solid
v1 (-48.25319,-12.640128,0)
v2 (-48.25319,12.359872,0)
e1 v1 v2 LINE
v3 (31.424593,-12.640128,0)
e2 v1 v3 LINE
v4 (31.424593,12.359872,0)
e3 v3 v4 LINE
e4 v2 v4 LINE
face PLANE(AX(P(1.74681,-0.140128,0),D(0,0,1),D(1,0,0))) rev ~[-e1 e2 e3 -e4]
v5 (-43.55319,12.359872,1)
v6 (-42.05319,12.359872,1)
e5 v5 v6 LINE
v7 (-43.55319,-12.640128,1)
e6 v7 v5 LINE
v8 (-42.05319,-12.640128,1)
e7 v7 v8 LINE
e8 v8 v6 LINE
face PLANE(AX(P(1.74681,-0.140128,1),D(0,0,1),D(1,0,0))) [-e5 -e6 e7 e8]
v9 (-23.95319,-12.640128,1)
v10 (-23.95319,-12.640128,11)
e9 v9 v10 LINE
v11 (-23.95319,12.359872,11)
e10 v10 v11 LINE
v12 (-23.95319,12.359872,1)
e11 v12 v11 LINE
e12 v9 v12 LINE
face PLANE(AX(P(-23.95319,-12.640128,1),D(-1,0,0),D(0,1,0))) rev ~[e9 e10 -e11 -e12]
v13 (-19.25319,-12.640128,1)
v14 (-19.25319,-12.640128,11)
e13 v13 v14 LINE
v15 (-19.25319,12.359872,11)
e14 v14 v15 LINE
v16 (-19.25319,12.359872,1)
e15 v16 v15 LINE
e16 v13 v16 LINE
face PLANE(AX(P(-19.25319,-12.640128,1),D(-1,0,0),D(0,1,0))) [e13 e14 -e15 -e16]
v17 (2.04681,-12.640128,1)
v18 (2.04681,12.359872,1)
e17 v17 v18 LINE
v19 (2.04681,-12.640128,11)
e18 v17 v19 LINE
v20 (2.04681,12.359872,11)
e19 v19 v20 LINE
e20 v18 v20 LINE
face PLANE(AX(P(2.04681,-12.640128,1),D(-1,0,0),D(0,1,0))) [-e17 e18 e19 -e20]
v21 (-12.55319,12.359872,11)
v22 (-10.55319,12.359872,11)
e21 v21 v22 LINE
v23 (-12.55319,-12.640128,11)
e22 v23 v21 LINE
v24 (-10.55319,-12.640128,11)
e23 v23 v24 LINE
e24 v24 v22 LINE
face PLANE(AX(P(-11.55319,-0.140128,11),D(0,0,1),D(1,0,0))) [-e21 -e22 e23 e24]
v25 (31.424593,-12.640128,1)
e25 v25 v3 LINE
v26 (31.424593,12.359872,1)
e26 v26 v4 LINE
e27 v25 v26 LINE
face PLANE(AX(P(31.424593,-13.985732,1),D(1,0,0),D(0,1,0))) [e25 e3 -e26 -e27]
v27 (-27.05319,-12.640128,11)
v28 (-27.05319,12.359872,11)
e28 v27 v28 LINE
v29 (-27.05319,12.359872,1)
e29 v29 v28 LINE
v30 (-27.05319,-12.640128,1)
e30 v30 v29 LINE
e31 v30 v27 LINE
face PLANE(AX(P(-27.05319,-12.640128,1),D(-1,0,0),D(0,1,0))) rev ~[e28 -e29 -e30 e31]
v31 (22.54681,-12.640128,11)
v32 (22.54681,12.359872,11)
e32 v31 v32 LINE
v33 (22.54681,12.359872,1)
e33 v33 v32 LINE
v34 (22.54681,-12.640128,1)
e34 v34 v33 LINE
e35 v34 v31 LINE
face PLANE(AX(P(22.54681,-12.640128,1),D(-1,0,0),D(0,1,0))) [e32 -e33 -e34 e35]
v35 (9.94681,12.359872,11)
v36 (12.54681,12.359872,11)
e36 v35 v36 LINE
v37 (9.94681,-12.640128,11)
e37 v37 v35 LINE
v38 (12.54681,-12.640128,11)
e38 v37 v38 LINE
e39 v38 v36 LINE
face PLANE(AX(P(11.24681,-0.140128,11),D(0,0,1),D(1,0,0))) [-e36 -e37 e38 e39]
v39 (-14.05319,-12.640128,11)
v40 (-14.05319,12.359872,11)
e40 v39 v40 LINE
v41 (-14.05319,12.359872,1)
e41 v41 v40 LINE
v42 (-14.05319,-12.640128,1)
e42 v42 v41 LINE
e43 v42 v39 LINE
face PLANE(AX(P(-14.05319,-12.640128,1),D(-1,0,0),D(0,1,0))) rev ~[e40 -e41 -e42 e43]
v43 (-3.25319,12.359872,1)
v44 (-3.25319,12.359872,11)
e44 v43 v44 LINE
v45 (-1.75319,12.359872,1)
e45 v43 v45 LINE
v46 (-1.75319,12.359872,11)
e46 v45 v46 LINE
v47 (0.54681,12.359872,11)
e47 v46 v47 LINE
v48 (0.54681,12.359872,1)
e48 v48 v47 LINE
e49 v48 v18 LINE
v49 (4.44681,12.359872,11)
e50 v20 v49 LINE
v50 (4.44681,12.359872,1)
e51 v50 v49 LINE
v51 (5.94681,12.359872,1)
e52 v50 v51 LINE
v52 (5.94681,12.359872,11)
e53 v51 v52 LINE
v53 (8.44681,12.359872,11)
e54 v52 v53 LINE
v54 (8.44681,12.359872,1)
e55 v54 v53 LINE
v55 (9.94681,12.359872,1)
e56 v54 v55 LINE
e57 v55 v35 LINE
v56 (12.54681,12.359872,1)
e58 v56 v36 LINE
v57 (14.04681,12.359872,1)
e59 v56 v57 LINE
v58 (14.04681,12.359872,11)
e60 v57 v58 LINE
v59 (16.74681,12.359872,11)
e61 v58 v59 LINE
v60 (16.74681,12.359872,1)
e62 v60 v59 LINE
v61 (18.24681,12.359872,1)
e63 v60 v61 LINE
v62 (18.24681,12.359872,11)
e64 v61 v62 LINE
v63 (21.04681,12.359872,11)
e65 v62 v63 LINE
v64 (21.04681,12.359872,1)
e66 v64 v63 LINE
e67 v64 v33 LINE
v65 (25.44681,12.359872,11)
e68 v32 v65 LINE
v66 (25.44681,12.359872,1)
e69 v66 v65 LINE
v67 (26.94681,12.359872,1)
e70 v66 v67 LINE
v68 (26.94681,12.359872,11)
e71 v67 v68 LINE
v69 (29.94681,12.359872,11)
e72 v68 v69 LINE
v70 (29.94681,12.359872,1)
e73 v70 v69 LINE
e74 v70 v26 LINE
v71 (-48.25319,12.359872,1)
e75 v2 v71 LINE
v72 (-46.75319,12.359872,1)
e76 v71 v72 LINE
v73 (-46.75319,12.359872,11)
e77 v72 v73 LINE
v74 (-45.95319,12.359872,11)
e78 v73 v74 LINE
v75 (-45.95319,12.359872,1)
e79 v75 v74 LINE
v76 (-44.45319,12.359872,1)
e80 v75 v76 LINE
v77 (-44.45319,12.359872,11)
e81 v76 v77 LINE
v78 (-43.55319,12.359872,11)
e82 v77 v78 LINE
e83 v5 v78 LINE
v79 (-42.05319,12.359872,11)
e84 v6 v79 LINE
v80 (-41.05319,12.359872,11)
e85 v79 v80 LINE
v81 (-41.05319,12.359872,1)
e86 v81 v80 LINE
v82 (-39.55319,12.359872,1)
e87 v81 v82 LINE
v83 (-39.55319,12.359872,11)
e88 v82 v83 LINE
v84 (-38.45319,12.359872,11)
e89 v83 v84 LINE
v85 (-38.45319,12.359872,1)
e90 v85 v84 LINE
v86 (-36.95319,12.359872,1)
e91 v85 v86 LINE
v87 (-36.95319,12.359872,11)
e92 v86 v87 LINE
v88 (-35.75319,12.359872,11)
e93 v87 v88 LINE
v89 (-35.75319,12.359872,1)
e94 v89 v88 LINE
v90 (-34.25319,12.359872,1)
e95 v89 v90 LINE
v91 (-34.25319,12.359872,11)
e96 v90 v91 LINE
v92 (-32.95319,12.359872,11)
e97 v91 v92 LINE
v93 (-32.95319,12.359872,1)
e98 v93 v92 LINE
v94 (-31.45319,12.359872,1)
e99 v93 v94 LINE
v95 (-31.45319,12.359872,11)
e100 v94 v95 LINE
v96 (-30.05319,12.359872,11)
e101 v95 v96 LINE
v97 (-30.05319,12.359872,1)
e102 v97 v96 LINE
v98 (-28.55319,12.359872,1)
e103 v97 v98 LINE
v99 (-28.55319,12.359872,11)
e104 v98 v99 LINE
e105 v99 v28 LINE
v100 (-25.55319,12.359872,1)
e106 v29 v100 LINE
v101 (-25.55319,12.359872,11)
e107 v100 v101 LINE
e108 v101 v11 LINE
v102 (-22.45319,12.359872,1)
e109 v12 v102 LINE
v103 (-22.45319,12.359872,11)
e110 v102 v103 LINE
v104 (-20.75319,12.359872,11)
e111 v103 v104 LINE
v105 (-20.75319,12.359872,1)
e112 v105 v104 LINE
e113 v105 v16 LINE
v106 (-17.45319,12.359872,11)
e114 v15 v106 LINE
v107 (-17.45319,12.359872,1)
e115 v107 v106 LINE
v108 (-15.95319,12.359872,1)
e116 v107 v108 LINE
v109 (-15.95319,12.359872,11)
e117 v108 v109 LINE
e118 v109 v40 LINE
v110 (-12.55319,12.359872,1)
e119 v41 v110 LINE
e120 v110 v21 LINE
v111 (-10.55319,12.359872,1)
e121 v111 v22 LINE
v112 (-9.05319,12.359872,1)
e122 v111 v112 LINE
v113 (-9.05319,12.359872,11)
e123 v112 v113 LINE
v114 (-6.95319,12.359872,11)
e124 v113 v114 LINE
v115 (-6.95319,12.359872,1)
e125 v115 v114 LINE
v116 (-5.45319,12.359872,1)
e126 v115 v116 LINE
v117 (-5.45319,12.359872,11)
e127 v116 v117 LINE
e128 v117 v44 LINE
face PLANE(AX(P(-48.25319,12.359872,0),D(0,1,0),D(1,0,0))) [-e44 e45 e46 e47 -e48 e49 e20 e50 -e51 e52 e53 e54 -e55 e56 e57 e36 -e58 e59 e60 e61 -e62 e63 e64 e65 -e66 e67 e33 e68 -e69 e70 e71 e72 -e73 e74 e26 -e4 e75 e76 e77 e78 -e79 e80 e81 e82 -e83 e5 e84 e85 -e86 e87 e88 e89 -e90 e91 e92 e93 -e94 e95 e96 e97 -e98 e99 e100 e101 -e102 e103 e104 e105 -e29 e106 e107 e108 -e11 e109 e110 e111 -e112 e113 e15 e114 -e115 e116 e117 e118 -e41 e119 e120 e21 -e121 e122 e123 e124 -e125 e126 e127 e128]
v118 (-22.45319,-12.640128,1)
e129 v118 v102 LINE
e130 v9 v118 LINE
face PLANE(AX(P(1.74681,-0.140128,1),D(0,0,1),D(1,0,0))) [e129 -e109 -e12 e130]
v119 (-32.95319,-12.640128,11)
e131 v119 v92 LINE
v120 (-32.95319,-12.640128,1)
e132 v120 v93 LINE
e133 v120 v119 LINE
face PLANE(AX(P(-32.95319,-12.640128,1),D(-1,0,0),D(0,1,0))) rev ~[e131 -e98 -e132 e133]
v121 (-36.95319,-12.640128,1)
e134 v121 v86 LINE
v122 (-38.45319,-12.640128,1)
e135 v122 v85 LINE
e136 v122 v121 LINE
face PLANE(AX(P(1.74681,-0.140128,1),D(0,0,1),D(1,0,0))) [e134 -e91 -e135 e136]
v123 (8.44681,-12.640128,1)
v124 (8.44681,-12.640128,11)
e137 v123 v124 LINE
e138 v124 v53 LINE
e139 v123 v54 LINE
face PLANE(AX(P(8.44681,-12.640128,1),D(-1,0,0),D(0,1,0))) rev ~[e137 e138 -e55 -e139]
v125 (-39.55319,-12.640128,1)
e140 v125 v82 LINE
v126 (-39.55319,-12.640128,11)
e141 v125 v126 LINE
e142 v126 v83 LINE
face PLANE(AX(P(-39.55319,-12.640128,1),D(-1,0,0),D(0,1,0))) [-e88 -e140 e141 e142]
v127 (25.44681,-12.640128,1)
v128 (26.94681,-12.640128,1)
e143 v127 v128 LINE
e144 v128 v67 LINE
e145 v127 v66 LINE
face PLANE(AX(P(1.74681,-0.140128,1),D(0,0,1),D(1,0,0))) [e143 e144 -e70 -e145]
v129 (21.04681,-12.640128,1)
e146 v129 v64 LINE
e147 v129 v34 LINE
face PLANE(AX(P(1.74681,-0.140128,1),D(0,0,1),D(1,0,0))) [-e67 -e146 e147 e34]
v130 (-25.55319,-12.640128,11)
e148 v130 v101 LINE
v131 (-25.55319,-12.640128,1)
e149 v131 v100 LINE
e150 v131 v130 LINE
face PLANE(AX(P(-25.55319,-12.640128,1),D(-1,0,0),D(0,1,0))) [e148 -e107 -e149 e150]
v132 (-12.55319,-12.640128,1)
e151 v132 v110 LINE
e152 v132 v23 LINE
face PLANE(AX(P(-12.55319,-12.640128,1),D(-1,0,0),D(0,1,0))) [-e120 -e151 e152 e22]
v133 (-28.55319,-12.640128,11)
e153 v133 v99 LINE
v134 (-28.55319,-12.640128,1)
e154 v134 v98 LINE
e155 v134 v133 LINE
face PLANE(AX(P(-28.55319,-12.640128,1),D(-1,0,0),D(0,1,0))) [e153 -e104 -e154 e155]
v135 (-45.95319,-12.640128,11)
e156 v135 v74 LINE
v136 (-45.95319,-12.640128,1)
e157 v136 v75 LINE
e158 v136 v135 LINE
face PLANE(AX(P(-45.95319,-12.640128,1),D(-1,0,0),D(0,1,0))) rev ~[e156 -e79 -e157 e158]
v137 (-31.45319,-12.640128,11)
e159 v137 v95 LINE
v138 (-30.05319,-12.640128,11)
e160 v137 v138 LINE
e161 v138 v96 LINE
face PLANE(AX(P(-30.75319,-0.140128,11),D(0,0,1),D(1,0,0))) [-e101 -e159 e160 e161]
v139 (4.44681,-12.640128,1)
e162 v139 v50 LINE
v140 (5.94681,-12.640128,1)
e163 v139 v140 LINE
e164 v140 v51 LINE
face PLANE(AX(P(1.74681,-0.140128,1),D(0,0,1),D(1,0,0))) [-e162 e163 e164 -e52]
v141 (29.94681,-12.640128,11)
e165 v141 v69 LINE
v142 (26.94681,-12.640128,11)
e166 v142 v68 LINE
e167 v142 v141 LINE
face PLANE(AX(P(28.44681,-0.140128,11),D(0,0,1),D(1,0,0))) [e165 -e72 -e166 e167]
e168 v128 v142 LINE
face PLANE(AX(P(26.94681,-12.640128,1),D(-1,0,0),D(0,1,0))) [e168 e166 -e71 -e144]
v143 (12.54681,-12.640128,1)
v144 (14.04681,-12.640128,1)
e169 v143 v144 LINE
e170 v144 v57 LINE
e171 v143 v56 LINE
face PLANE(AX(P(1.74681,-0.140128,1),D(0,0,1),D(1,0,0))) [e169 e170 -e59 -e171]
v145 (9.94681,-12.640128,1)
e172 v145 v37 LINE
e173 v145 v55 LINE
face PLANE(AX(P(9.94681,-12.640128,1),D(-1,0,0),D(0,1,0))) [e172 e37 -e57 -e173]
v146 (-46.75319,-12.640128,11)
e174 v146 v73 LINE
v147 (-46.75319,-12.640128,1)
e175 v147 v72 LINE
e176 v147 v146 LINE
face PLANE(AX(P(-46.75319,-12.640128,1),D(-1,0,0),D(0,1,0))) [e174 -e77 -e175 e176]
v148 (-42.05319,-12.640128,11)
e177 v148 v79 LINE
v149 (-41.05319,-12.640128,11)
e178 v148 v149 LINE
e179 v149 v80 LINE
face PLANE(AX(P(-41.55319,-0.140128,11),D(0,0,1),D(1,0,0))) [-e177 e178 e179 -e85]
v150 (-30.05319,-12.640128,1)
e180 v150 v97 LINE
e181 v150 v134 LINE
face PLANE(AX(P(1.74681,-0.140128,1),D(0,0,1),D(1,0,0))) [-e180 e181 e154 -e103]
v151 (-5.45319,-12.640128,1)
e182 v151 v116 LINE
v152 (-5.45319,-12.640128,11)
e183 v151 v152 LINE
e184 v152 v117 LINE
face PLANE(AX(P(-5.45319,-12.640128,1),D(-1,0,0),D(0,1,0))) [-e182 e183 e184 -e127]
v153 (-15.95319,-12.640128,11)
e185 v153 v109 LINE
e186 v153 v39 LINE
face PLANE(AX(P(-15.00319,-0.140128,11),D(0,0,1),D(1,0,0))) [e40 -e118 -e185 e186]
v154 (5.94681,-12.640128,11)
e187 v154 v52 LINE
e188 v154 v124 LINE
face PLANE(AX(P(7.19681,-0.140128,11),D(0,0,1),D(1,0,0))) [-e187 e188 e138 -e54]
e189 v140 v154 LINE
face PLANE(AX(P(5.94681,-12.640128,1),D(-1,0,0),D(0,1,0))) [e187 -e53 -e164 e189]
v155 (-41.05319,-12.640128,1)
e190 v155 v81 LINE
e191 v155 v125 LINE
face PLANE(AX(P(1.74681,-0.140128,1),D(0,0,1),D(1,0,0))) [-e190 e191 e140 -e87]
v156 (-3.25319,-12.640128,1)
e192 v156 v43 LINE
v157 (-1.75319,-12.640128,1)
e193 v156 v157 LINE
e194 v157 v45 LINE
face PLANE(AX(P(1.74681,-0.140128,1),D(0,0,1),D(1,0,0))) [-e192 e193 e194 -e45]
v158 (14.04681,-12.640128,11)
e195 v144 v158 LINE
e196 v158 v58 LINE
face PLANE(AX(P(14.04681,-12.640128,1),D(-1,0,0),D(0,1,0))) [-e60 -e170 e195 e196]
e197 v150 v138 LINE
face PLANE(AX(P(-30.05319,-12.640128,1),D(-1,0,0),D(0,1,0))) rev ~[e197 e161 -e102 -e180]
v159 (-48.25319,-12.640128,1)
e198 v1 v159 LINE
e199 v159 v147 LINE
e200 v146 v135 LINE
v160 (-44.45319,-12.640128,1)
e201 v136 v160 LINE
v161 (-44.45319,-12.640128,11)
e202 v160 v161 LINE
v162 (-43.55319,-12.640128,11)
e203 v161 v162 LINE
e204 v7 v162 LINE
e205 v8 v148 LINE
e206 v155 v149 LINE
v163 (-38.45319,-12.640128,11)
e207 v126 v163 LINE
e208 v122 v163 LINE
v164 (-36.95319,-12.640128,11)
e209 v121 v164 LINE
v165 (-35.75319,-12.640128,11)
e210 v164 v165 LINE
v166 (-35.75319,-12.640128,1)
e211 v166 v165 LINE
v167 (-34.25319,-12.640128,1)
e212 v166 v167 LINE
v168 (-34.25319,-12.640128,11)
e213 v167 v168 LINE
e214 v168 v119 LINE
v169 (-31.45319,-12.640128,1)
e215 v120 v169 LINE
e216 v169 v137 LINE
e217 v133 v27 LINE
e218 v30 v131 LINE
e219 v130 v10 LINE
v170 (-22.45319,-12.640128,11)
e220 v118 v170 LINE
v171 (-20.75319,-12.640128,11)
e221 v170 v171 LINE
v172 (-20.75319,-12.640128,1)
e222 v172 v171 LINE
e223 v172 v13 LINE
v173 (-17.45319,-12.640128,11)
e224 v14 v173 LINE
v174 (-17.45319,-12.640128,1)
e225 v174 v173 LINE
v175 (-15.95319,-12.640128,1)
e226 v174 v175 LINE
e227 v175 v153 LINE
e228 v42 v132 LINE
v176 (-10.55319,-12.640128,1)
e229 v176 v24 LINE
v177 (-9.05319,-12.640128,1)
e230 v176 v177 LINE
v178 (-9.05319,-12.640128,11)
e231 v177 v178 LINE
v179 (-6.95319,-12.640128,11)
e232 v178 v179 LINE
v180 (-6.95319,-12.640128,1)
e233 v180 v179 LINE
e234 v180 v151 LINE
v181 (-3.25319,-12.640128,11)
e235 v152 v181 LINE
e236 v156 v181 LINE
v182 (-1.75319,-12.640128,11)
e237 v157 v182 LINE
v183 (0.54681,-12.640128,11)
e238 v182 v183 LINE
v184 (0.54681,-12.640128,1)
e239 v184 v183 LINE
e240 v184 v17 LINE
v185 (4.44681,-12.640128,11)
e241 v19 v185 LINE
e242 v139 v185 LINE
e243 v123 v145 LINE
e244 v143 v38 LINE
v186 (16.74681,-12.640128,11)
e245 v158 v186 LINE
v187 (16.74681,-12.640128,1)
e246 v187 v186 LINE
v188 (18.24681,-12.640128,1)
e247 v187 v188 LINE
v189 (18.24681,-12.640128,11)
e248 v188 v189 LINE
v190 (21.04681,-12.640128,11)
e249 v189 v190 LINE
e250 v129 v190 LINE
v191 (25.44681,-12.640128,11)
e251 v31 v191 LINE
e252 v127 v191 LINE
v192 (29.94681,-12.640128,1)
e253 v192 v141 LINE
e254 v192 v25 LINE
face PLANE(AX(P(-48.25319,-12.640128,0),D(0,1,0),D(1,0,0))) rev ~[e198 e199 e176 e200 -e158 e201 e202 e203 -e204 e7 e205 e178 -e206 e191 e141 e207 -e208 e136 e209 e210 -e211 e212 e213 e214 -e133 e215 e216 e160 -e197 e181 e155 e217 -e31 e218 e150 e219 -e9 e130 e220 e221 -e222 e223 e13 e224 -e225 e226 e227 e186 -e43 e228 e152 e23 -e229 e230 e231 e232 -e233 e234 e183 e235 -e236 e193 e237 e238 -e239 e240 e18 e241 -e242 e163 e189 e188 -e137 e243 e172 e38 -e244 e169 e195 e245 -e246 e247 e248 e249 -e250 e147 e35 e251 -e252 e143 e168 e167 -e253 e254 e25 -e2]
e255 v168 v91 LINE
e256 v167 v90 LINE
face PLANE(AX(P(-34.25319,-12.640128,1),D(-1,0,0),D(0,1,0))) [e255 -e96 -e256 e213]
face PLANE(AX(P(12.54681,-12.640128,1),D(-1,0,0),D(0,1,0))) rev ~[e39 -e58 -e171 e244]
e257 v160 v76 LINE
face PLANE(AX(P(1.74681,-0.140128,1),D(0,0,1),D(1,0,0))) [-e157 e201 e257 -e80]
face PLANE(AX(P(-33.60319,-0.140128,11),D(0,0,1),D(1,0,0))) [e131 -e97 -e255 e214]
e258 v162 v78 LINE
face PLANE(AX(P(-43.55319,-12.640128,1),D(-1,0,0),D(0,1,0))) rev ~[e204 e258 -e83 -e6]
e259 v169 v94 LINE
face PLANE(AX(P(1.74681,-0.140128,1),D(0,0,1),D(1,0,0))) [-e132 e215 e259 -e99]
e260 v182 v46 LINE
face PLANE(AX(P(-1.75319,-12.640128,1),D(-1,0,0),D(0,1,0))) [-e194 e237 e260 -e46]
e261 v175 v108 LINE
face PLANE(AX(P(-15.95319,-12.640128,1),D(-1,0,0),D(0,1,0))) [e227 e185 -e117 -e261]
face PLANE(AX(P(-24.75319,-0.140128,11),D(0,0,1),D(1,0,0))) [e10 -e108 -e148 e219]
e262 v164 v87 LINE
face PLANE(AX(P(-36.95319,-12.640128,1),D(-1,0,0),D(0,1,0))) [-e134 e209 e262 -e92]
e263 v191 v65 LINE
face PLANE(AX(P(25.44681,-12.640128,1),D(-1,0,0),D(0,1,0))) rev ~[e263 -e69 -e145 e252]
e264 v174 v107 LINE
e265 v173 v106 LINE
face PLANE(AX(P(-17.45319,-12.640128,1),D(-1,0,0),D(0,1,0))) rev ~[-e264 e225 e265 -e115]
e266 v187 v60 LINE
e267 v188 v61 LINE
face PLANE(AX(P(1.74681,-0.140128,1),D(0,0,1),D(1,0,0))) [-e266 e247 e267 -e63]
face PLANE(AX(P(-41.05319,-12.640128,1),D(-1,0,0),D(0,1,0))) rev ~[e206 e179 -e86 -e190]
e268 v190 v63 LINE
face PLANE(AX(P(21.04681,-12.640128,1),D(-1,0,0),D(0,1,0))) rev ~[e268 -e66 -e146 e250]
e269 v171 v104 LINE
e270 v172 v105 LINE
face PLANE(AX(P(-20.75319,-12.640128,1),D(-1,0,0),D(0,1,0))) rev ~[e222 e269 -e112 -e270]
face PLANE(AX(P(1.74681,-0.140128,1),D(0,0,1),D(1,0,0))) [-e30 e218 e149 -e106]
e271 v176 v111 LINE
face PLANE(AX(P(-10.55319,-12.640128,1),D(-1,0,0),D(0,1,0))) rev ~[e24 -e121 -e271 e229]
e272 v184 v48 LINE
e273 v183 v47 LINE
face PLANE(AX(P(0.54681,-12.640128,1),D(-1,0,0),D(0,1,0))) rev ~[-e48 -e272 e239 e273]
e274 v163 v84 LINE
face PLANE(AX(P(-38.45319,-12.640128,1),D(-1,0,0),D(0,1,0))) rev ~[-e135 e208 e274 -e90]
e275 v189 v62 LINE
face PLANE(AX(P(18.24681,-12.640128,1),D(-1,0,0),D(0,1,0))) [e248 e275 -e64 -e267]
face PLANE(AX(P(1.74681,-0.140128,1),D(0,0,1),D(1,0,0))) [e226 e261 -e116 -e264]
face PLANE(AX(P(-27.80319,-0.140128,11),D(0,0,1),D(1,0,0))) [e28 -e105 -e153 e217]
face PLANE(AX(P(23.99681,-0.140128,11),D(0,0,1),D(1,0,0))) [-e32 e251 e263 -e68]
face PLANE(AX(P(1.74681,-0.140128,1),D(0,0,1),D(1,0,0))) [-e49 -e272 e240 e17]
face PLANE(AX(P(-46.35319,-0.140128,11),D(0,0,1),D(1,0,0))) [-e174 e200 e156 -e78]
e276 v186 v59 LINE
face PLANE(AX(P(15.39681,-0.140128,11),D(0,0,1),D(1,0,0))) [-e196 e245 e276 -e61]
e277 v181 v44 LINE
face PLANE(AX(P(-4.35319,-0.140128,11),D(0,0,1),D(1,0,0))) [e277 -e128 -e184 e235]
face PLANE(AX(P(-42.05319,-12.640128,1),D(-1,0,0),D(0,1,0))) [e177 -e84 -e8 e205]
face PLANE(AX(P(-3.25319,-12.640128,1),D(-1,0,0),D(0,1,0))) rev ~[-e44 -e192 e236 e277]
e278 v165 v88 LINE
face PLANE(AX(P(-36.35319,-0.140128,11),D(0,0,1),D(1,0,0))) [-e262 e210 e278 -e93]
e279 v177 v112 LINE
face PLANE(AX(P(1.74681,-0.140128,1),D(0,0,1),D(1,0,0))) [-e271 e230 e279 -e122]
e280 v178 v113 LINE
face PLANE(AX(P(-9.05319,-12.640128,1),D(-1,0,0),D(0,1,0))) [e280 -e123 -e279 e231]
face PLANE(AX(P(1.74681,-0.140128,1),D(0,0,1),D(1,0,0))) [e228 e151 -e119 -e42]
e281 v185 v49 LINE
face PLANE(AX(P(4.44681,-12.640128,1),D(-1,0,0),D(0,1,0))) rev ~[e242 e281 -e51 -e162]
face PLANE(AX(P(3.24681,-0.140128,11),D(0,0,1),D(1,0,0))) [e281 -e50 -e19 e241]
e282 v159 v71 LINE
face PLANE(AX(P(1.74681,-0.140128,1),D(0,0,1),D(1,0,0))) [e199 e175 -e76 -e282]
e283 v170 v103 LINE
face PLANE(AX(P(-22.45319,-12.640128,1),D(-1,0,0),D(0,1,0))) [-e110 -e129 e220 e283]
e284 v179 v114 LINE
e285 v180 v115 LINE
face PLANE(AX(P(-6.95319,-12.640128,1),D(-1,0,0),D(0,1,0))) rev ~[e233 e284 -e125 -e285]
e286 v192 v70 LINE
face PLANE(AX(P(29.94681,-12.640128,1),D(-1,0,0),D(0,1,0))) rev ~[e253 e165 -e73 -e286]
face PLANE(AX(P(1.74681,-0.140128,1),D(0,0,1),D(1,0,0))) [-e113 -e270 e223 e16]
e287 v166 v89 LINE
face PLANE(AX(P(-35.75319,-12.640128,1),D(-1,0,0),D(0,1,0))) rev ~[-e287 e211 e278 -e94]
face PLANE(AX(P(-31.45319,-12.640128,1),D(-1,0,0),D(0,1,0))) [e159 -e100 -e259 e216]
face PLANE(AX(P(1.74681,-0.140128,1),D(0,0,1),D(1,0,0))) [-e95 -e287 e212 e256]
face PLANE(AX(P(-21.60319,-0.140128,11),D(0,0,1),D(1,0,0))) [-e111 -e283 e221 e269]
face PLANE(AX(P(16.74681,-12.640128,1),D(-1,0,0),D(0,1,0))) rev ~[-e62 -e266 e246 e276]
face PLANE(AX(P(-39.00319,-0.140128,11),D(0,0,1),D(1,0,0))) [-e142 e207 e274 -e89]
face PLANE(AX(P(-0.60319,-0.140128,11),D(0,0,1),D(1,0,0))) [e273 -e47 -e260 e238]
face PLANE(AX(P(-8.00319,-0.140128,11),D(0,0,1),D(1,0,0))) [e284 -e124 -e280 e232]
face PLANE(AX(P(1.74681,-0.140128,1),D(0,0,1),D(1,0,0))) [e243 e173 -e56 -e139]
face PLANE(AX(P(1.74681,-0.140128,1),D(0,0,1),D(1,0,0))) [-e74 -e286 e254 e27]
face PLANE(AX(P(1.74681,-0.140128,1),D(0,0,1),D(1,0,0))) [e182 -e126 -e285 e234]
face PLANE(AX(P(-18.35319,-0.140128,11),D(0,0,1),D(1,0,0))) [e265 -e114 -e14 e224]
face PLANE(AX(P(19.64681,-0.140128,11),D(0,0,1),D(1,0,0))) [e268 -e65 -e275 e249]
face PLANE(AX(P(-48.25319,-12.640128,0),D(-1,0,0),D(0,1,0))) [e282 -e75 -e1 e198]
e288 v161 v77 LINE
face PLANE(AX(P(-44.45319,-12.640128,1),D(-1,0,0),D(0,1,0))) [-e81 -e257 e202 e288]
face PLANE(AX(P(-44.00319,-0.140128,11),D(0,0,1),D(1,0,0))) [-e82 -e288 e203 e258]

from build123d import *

# Parameters (mm, degrees)
F0_W     = 100
F0_H     = 25
F1_DEPTH = 1
F2_W     = 0.8
F2_H     = 25
F2_W_2   = 0.9
F2_W_3   = 1
F2_W_4   = 1.1
F2_W_5   = 1.2
F2_W_6   = 1.3
F2_W_7   = 1.4
F2_W_8   = 1.5
F2_W_9   = 1.6
F2_W_10  = 1.7
F2_W_11  = 1.8
F2_W_12  = 1.9
F2_W_13  = 2
F2_W_14  = 2.1
F2_W_15  = 2.2
F2_W_16  = 2.3
F2_W_17  = 2.4
F2_W_18  = 2.5
F2_W_19  = 2.6
F2_W_20  = 2.7
F2_W_21  = 2.8
F2_W_22  = 2.9
F2_W_23  = 3
F3_DEPTH = 10
F4_W     = 23.160562
F4_H     = 27.70046
F5_DEPTH = 25


with BuildPart() as f1:
    # F0 (on Top) → F1 (new body)
    with BuildSketch(Plane.XY):
        with Locations((1.74681, -0.140128)):
            Rectangle(F0_W, F0_H)
    extrude(amount=F1_DEPTH)

    # F2 (on face) → F3 (join)
    with BuildSketch(Plane.XY.offset(1)):
        with Locations((-46.35319, -0.140128)):
            Rectangle(F2_W, F2_H)
        with Locations((-44.00319, -0.140128)):
            Rectangle(F2_W_2, F2_H)
        with Locations((-41.55319, -0.140128)):
            Rectangle(F2_W_3, F2_H)
        with Locations((-39.00319, -0.140128)):
            Rectangle(F2_W_4, F2_H)
        with Locations((-36.35319, -0.140128)):
            Rectangle(F2_W_5, F2_H)
        with Locations((-33.60319, -0.140128)):
            Rectangle(F2_W_6, F2_H)
        with Locations((-30.75319, -0.140128)):
            Rectangle(F2_W_7, F2_H)
        with Locations((-27.80319, -0.140128)):
            Rectangle(F2_W_8, F2_H)
        with Locations((-24.75319, -0.140128)):
            Rectangle(F2_W_9, F2_H)
        with Locations((-21.60319, -0.140128)):
            Rectangle(F2_W_10, F2_H)
        with Locations((-18.35319, -0.140128)):
            Rectangle(F2_W_11, F2_H)
        with Locations((-15.00319, -0.140128)):
            Rectangle(F2_W_12, F2_H)
        with Locations((-11.55319, -0.140128)):
            Rectangle(F2_W_13, F2_H)
        with Locations((-8.00319, -0.140128)):
            Rectangle(F2_W_14, F2_H)
        with Locations((-4.35319, -0.140128)):
            Rectangle(F2_W_15, F2_H)
        with Locations((-0.60319, -0.140128)):
            Rectangle(F2_W_16, F2_H)
        with Locations((3.24681, -0.140128)):
            Rectangle(F2_W_17, F2_H)
        with Locations((7.19681, -0.140128)):
            Rectangle(F2_W_18, F2_H)
        with Locations((11.24681, -0.140128)):
            Rectangle(F2_W_19, F2_H)
        with Locations((15.39681, -0.140128)):
            Rectangle(F2_W_20, F2_H)
        with Locations((19.64681, -0.140128)):
            Rectangle(F2_W_21, F2_H)
        with Locations((23.99681, -0.140128)):
            Rectangle(F2_W_22, F2_H)
        with Locations((28.44681, -0.140128)):
            Rectangle(F2_W_23, F2_H)
    extrude(amount=F3_DEPTH)

    # F4 (on face) → F5 (cut)
    with BuildSketch(Plane.XY.offset(1)):
        with Locations((43.004874, -0.135502)):
            Rectangle(F4_W, F4_H)
    extrude(amount=-F5_DEPTH, mode=Mode.SUBTRACT)


solid = f1.part
